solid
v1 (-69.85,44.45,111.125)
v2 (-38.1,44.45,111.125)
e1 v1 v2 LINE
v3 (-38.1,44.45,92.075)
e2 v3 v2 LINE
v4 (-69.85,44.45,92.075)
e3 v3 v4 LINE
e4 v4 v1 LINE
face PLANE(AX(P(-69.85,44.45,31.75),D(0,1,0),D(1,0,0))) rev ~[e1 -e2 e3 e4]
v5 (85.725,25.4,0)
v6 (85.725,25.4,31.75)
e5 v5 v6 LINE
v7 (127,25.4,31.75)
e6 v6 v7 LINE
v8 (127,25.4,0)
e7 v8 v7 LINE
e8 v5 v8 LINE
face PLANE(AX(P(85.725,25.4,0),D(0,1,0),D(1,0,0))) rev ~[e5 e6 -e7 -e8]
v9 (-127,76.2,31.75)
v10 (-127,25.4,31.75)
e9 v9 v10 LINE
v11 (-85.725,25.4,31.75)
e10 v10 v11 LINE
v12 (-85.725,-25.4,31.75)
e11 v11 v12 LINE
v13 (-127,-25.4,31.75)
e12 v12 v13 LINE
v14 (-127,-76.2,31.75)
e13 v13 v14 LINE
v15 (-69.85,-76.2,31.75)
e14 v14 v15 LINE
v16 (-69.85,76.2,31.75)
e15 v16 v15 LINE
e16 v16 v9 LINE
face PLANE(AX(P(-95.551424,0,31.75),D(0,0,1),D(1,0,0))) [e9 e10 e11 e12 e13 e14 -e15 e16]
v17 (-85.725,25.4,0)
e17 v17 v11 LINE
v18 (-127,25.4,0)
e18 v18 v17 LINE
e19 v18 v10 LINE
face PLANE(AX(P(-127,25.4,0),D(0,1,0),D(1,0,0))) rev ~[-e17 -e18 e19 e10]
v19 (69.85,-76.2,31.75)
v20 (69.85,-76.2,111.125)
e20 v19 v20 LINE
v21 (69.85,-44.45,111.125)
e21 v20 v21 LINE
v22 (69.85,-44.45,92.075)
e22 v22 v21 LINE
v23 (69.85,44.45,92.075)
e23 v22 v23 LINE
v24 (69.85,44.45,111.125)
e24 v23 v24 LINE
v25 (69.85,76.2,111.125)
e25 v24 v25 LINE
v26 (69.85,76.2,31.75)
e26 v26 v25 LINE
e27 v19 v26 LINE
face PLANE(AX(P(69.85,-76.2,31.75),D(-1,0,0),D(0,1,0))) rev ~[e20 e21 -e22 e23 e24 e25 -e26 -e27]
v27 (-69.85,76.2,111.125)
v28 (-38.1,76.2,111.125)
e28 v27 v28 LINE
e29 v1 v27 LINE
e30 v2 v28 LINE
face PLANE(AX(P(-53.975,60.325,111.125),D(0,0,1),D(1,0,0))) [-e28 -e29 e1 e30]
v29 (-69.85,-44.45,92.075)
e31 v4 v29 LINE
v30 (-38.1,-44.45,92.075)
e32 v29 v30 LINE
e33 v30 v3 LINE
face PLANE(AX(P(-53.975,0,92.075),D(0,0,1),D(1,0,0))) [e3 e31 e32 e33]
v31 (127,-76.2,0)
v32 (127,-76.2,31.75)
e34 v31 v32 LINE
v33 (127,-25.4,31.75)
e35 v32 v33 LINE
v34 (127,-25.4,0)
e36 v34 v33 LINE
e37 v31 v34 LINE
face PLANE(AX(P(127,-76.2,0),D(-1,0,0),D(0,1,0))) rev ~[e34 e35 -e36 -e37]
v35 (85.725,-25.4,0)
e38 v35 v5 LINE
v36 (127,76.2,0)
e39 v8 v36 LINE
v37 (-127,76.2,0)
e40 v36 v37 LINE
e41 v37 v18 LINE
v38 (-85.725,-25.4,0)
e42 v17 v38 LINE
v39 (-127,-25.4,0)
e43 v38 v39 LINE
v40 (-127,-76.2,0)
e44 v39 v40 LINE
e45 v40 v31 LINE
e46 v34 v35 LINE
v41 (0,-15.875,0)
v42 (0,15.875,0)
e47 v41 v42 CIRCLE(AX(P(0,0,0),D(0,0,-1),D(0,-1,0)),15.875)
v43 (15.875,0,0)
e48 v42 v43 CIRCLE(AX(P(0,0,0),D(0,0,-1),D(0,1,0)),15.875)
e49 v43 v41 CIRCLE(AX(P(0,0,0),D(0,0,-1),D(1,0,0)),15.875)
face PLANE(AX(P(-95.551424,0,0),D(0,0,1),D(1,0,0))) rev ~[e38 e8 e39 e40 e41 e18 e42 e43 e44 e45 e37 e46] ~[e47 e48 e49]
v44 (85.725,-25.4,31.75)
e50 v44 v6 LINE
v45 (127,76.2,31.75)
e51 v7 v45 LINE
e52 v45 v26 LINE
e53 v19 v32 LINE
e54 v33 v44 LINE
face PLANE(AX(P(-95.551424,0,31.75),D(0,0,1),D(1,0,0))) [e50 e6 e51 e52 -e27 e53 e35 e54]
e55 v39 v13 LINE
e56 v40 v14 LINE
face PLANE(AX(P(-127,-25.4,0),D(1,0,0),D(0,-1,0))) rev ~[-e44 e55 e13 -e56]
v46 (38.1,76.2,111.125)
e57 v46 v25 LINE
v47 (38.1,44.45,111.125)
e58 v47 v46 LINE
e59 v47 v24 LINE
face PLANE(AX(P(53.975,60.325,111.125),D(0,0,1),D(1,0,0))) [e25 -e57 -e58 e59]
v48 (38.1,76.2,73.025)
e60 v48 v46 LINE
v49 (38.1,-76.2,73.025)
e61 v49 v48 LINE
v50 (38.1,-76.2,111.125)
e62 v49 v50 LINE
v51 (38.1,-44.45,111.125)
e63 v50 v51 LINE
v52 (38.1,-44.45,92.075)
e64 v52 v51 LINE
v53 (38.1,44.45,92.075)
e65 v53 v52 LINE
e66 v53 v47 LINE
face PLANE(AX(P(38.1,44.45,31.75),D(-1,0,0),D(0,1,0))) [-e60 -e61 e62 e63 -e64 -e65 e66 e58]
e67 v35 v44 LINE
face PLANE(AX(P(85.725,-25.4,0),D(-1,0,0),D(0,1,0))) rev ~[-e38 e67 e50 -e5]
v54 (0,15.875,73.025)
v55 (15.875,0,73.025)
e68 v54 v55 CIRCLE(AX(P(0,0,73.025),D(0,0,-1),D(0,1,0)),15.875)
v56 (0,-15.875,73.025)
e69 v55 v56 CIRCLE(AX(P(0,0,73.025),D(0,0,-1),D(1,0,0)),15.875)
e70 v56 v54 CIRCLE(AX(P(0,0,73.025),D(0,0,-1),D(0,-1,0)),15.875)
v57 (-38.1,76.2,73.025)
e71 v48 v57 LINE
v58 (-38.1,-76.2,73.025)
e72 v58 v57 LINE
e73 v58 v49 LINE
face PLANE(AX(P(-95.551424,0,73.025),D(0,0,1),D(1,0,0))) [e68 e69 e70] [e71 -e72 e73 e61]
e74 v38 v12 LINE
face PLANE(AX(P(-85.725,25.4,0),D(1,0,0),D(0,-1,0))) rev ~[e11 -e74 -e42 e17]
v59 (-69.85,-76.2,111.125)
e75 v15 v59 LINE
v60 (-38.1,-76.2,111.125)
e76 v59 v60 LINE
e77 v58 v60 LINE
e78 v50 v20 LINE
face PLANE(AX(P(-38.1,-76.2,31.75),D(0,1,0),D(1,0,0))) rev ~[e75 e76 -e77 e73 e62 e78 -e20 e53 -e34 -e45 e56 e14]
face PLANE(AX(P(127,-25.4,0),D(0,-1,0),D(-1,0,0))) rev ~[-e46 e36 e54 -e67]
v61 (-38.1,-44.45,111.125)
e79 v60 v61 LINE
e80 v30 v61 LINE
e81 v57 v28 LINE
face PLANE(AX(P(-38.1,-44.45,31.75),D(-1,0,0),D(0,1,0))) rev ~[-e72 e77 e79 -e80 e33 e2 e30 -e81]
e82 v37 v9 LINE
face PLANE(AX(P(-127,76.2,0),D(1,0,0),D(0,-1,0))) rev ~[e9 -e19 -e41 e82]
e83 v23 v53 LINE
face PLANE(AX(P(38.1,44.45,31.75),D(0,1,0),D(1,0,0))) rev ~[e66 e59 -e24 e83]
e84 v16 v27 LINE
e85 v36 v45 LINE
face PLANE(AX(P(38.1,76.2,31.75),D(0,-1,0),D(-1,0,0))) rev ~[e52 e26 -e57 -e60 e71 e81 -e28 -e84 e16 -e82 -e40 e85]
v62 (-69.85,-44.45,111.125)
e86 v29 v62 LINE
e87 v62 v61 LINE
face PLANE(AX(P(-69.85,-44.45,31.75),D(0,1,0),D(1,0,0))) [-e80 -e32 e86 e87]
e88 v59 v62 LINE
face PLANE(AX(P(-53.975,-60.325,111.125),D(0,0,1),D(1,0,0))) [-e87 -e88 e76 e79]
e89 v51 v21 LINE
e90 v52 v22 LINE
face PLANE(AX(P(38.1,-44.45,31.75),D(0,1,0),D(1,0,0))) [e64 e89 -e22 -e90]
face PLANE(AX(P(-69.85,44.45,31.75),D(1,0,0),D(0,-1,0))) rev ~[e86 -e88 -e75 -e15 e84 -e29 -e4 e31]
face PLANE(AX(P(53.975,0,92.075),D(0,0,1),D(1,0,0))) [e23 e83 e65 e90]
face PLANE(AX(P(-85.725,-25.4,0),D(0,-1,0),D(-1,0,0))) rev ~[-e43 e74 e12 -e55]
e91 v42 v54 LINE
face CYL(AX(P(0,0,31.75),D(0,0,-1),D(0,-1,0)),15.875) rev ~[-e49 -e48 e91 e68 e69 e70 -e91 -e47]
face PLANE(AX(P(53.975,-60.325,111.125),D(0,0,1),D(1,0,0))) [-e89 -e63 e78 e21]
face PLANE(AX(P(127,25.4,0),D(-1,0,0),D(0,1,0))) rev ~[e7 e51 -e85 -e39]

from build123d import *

# Parameters (mm, degrees)
F0_W     = 31.75
F0_H     = 31.75
F1_DEPTH = 31.75
F2_W     = 31.75
F2_H     = 31.75
F3_DEPTH = 79.375
F4_DEPTH = 60.325
F5_DEPTH = 41.275


with BuildPart() as f1:
    # F0 (on Top) → F1 (new body)
    with BuildSketch(Plane.XY):
        Polygon((-69.85, 44.45), (-69.85, 76.2), (-127, 76.2), (-127, 25.4), (-85.725, 25.4), (-85.725, -25.4), (-127, -25.4), (-127, -76.2), (-69.85, -76.2), (-69.85, -44.45), (-69.85, -25.4), (-69.85, 25.4), align=None)
        Polygon((127, 25.4), (127, 76.2), (69.85, 76.2), (69.85, 44.45), (69.85, 25.4), (69.85, -25.4), (69.85, -44.45), (69.85, -76.2), (127, -76.2), (127, -25.4), (85.725, -25.4), (85.725, 25.4), align=None)
        Polygon((-38.1, -44.45), (-38.1, 44.45), (-69.85, 44.45), (-69.85, 25.4), (-69.85, -25.4), (-69.85, -44.45), align=None)
        with Locations((-53.975, 60.325)):
            Rectangle(F0_W, F0_H)
        with Locations((-53.975, -60.325)):
            Rectangle(F0_W, F0_H)
        with BuildLine():
            Line((0, 15.875), (0, 76.2))
            Line((0, 76.2), (-38.1, 76.2))
            Line((-38.1, 76.2), (-38.1, 44.45))
            Line((-38.1, 44.45), (-38.1, -44.45))
            Line((-38.1, -44.45), (-38.1, -76.2))
            Line((-38.1, -76.2), (0, -76.2))
            Line((0, -76.2), (0, -15.875))
            ThreePointArc((0, -15.875), (-15.875, 0), (0, 15.875))
        make_face()
        with BuildLine():
            Line((38.1, 44.45), (38.1, 76.2))
            Line((38.1, 76.2), (0, 76.2))
            Line((0, 76.2), (0, 15.875))
            ThreePointArc((0, 15.875), (11.2253201513, 11.2253201513), (15.875, 0))
            ThreePointArc((15.875, 0), (11.2253201513, -11.2253201513), (0, -15.875))
            Line((0, -15.875), (0, -76.2))
            Line((0, -76.2), (38.1, -76.2))
            Line((38.1, -76.2), (38.1, -44.45))
            Line((38.1, -44.45), (38.1, 44.45))
        make_face()
        with Locations((53.975, -60.325)):
            Rectangle(F0_W, F0_H)
        Polygon((69.85, 25.4), (69.85, 44.45), (38.1, 44.45), (38.1, -44.45), (69.85, -44.45), (69.85, -25.4), align=None)
        with Locations((53.975, 60.325)):
            Rectangle(F0_W, F0_H)
    extrude(amount=F1_DEPTH)

    # F2 (on face) → F3 (join)
    with BuildSketch(Plane.XY.offset(31.75)):
        with Locations((-53.975, -60.325)):
            Rectangle(F2_W, F2_H)
        with Locations((53.975, -60.325)):
            Rectangle(F2_W, F2_H)
        with Locations((53.975, 60.325)):
            Rectangle(F2_W, F2_H)
        with Locations((-53.975, 60.325)):
            Rectangle(F2_W, F2_H)
    extrude(amount=F3_DEPTH)

    # F2 (on face) → F4 (join)
    with BuildSketch(Plane.XY.offset(31.75)):
        Polygon((-38.1, -44.45), (-38.1, 44.45), (-69.85, 44.45), (-69.85, 25.4), (-69.85, -25.4), (-69.85, -44.45), align=None)
        Polygon((69.85, 25.4), (69.85, 44.45), (38.1, 44.45), (38.1, -44.45), (69.85, -44.45), (69.85, -25.4), align=None)
    extrude(amount=F4_DEPTH)

    # F5 (add): a face of the model
    f5_faces = [f1.faces().sort_by_distance(p)[0] for p in [
        (-36.3961162011, 0, 31.75),
    ]]
    extrude(f5_faces, amount=F5_DEPTH)


solid = f1.part
